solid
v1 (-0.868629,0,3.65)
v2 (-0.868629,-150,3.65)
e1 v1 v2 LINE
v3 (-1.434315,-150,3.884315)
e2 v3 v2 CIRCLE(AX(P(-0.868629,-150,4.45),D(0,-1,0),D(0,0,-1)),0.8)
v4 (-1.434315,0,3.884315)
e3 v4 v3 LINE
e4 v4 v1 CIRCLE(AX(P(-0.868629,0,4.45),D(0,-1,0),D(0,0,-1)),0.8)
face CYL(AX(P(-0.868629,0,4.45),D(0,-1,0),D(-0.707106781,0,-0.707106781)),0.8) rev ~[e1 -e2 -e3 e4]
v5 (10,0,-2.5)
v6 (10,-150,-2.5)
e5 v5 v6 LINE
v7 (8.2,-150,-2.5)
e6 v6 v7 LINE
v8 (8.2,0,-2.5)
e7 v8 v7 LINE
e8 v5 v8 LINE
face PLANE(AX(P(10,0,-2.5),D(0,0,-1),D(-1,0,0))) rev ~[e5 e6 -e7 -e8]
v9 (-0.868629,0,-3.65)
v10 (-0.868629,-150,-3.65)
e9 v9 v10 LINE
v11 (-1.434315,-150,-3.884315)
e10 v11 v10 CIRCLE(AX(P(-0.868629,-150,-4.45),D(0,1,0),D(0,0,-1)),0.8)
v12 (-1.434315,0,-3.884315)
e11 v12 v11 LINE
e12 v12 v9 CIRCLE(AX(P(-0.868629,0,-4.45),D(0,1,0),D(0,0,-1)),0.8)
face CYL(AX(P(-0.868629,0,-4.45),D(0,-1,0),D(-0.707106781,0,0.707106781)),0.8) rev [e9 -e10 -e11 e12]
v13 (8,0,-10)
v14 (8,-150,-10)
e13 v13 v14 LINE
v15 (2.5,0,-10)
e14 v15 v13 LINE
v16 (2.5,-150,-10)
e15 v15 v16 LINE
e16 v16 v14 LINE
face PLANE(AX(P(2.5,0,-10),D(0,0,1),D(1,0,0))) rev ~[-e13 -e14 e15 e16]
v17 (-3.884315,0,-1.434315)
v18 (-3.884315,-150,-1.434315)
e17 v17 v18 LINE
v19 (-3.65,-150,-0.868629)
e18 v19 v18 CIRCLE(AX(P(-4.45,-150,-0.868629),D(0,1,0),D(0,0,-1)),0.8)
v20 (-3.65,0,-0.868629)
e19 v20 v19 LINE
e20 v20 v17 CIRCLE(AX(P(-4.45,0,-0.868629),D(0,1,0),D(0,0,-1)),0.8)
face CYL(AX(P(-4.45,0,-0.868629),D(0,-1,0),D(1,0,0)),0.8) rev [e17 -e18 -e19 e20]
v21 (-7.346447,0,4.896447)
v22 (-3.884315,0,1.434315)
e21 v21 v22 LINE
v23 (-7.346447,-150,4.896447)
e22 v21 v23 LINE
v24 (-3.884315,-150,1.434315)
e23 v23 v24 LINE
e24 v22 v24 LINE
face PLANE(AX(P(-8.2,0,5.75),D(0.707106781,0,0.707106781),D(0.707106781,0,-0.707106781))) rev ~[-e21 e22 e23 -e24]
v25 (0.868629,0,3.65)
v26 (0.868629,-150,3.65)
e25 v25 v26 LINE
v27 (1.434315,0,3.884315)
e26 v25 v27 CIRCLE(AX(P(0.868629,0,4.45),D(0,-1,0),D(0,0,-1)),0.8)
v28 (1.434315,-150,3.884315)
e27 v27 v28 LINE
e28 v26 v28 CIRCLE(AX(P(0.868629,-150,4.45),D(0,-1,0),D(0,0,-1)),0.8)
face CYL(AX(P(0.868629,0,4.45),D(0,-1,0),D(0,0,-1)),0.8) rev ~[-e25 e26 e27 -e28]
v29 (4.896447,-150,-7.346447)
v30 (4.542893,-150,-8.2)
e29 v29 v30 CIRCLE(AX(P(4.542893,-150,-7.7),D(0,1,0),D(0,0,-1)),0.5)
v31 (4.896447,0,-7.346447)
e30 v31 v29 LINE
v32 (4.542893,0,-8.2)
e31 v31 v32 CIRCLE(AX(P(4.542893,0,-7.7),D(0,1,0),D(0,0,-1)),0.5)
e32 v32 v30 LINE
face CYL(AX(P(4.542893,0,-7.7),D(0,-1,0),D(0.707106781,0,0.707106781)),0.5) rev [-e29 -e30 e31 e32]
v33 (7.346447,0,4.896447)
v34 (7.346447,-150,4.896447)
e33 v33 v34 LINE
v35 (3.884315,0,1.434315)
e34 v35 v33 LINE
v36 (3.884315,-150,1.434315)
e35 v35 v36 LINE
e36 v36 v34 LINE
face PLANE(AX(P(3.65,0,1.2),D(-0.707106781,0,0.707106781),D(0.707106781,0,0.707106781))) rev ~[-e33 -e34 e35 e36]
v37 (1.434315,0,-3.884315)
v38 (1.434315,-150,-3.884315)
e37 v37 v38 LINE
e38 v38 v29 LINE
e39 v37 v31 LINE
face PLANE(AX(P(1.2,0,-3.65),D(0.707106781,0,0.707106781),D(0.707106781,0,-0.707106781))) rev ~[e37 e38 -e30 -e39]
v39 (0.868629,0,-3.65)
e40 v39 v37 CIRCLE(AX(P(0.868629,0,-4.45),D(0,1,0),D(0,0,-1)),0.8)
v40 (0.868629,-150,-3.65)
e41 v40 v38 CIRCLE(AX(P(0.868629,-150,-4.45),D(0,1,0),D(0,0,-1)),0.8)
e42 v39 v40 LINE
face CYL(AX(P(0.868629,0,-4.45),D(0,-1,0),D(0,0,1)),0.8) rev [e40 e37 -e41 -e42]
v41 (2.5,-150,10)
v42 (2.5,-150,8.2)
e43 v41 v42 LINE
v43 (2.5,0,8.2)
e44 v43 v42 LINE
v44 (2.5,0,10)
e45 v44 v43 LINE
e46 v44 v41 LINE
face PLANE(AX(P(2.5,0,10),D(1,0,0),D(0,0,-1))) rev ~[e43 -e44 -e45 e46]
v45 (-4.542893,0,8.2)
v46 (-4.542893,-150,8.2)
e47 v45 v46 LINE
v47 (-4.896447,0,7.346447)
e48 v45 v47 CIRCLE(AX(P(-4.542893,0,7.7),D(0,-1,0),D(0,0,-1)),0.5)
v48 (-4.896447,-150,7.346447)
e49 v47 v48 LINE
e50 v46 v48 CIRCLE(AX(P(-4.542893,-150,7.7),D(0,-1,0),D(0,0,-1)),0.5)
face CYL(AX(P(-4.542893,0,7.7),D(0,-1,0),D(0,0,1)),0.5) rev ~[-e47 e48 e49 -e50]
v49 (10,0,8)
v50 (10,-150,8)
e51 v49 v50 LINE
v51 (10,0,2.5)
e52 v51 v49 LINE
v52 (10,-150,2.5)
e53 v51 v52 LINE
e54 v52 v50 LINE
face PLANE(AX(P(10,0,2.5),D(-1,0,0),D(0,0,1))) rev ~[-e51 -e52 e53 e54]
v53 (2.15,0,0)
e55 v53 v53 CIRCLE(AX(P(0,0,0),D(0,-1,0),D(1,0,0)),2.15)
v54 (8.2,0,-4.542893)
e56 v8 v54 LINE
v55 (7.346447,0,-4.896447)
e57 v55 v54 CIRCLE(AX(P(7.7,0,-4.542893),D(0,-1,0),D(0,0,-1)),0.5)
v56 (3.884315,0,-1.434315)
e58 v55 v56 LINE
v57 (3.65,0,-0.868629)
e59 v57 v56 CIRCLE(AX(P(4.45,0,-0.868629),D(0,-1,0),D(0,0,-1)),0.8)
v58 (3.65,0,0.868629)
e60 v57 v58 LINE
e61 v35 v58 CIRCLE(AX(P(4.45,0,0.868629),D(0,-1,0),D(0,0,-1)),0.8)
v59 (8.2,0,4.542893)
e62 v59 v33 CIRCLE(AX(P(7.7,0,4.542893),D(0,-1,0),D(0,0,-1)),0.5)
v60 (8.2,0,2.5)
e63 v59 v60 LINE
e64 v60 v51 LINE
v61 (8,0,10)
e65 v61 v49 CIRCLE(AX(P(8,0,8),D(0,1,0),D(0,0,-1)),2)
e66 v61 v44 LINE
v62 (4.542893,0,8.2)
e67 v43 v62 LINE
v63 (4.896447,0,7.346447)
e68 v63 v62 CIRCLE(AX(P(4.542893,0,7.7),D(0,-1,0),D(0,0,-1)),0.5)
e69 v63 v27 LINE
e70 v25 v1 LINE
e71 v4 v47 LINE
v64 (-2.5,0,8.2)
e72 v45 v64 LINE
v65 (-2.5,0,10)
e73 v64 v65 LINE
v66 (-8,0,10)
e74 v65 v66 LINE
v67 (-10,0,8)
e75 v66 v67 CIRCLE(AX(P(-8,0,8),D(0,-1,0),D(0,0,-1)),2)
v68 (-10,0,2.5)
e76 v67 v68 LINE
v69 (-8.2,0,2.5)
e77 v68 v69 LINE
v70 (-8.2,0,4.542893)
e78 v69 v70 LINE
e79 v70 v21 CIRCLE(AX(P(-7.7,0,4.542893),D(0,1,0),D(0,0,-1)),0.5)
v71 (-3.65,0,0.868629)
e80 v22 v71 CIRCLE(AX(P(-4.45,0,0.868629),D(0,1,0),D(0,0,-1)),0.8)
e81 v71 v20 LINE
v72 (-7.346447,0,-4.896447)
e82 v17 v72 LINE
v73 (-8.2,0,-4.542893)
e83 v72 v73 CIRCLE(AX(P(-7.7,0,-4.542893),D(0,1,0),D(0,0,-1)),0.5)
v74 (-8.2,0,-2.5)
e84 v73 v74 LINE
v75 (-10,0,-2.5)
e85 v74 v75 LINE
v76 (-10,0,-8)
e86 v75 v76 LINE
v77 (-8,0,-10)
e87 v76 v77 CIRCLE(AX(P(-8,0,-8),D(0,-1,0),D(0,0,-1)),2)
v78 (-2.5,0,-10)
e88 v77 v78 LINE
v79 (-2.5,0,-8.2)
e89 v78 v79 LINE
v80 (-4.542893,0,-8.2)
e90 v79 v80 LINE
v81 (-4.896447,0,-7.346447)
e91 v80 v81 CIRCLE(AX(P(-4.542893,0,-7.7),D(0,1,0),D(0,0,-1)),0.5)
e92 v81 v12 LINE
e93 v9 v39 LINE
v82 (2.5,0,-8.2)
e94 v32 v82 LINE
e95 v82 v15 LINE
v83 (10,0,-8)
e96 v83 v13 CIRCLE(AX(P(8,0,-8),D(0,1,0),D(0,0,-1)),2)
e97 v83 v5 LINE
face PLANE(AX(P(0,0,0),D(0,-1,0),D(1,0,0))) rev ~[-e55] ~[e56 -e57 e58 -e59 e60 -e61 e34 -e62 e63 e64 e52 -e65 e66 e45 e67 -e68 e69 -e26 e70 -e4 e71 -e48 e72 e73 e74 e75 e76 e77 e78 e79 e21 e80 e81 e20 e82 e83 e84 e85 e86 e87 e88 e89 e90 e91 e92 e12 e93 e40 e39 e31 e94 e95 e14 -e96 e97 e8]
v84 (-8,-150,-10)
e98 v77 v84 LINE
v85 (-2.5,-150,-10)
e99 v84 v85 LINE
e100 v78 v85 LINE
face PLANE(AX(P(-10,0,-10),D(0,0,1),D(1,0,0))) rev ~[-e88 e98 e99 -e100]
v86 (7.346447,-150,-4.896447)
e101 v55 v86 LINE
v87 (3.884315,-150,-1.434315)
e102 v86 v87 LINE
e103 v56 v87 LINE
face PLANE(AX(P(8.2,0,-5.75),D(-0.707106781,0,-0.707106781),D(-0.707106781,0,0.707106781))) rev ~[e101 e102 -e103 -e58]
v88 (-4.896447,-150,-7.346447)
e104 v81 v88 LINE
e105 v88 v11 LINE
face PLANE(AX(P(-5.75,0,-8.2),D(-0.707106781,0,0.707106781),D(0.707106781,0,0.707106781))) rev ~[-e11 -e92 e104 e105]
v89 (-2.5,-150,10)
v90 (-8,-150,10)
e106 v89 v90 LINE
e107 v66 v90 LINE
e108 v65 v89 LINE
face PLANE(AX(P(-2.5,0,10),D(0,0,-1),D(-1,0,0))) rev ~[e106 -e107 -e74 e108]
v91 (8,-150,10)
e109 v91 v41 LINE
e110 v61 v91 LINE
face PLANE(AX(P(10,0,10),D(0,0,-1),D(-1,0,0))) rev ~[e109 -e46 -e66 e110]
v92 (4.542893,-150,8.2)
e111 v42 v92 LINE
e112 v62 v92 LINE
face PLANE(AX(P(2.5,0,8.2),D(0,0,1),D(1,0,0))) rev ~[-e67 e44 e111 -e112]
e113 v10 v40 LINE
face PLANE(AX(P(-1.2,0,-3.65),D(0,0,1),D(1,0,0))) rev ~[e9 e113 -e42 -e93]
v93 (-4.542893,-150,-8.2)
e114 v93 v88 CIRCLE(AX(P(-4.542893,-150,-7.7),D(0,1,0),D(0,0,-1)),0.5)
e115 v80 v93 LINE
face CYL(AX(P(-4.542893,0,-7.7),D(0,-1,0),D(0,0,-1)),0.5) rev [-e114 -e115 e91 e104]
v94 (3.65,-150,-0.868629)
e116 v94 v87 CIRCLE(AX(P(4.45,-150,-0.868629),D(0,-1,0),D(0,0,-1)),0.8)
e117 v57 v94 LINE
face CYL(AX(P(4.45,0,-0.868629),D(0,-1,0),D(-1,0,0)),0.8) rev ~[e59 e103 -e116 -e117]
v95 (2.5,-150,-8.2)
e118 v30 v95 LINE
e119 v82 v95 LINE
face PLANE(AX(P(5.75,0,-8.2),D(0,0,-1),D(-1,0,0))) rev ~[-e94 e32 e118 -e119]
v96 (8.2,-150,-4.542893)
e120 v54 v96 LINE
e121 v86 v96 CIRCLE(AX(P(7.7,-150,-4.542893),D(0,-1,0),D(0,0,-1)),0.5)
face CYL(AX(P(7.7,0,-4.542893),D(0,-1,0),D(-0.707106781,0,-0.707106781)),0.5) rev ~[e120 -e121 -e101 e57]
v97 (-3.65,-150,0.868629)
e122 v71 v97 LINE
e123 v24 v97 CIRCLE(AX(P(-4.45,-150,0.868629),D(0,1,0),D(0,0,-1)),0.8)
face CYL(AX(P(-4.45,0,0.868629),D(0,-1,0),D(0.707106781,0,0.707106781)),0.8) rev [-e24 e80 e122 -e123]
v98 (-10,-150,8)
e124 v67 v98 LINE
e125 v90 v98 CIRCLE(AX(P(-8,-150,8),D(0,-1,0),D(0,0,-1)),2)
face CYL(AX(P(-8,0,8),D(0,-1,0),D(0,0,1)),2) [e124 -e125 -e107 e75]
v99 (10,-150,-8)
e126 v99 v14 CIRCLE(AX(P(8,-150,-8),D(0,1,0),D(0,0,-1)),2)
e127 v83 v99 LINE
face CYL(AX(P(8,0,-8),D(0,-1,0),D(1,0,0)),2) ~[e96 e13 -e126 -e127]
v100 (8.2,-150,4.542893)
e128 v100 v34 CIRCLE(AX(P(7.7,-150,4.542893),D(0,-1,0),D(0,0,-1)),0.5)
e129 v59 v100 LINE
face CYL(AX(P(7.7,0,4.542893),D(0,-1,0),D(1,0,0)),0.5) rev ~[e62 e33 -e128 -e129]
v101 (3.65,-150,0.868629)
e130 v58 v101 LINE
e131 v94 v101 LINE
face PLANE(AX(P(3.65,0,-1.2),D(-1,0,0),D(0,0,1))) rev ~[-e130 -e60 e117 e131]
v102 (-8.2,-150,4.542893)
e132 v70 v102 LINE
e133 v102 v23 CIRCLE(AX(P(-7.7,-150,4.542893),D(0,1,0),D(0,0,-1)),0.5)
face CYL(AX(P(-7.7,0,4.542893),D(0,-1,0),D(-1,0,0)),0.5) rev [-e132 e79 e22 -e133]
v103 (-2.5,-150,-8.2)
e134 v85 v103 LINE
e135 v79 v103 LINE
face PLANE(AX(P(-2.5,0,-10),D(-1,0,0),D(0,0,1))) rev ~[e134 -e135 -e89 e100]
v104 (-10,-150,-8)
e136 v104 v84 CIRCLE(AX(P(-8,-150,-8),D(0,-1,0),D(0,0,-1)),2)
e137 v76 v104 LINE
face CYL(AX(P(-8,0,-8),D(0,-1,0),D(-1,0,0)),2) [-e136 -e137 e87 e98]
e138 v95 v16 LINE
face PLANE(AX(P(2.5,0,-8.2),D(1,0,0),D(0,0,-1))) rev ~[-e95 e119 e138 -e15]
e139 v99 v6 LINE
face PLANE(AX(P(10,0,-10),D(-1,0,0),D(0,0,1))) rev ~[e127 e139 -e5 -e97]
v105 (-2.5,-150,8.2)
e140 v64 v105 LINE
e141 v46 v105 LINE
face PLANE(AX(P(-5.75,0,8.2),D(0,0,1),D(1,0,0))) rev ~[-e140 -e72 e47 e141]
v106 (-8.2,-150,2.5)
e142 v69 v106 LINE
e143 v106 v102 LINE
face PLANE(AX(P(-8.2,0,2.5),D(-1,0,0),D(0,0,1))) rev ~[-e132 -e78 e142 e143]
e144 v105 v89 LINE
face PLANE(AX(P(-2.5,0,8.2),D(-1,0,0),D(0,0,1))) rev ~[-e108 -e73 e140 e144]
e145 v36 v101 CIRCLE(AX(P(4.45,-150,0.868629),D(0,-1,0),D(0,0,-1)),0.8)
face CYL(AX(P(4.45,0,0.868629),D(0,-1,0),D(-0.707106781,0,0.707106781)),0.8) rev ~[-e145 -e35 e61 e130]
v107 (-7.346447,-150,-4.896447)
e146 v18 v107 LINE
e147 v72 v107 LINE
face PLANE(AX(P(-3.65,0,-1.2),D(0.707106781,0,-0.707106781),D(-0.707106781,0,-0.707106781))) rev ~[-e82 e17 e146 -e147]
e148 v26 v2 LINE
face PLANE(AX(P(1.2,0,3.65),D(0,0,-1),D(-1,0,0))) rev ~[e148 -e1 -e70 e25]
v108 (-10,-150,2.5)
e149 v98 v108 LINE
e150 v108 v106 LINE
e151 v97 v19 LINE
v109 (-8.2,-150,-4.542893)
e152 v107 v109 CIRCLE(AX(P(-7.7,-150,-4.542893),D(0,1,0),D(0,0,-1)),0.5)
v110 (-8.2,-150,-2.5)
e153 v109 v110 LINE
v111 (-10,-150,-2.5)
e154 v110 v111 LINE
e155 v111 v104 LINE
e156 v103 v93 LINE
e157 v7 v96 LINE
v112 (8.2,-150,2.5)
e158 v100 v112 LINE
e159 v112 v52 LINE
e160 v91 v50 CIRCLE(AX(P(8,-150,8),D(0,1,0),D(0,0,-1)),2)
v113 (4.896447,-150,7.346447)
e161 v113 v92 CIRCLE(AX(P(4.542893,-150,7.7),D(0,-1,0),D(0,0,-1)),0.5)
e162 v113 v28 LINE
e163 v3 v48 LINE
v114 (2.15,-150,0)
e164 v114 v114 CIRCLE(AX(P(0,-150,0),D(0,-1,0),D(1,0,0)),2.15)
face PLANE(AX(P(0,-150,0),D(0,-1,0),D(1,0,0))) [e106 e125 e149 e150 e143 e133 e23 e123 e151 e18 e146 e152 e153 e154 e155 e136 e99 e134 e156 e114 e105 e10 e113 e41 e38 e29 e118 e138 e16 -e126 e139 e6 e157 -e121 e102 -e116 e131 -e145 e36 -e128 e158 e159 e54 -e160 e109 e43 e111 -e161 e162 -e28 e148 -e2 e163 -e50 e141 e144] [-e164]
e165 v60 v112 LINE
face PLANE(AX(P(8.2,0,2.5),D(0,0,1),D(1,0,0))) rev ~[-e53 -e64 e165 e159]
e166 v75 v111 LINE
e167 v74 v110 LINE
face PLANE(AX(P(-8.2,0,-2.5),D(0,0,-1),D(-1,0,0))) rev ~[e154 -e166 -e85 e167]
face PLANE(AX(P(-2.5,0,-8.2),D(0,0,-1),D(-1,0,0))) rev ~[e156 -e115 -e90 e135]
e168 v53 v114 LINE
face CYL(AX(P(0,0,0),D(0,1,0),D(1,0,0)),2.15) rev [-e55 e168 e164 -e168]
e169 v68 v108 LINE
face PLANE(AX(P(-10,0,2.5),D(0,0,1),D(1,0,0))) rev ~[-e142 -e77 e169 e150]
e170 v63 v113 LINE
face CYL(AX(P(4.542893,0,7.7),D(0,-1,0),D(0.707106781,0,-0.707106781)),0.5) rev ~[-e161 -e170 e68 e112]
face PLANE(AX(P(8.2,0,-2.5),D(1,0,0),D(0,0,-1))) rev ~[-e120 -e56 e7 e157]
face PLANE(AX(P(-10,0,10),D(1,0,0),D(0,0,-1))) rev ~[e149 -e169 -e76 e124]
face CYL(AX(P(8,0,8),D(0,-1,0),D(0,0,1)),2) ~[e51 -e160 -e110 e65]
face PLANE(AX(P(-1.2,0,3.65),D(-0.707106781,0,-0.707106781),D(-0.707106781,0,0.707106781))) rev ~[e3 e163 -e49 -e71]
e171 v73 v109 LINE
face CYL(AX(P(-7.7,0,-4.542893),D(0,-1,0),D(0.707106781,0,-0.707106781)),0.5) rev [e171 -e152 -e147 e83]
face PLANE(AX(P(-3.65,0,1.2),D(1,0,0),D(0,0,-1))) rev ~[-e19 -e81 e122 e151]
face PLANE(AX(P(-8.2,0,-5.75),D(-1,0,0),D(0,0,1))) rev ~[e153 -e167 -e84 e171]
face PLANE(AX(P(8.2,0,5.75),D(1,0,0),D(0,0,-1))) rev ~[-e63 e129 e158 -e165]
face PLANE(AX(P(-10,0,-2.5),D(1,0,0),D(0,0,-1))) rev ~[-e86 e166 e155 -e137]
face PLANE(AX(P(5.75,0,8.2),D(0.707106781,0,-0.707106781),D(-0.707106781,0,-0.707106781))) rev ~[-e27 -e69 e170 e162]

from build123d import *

# Parameters (mm, degrees)
F0_R     = 2.15
F1_DEPTH = 150
F2_R     = 2
F3_R     = 0.5
F4_R     = 0.8


with BuildPart() as f1:
    # F0 (on Front) → F1 (new body)
    with BuildSketch(Plane.XZ):
        Polygon((-2.5, 10), (-10, 10), (-10, 2.5), (-8.2, 2.5), (-8.2, 5.75), (-3.65, 1.2), (-3.65, 0), (-3.65, -1.2), (-8.2, -5.75), (-8.2, -2.5), (-10, -2.5), (-10, -10), (-2.5, -10), (-2.5, -8.2), (-5.75, -8.2), (-1.2, -3.65), (0, -3.65), (1.2, -3.65), (5.75, -8.2), (2.5, -8.2), (2.5, -10), (10, -10), (10, -2.5), (8.2, -2.5), (8.2, -5.75), (3.65, -1.2), (3.65, 0), (3.65, 1.2), (8.2, 5.75), (8.2, 2.5), (10, 2.5), (10, 10), (2.5, 10), (2.5, 8.2), (5.75, 8.2), (1.2, 3.65), (0, 3.65), (-1.2, 3.65), (-5.75, 8.2), (-2.5, 8.2), align=None)
        Circle(F0_R, mode=Mode.SUBTRACT)
    extrude(amount=F1_DEPTH)

    # F2
    f2_edges = [f1.edges().sort_by_distance(p)[0] for p in [
        (-10, -75, 10),
        (10, -75, 10),
        (10, -75, -10),
        (-10, -75, -10),
    ]]
    fillet(f2_edges, radius=F2_R)

    # F3
    f3_edges = [f1.edges().sort_by_distance(p)[0] for p in [
        (-8.2, -75, -5.75),
        (8.2, -75, -5.75),
        (5.75, -75, 8.2),
        (5.75, -75, -8.2),
        (-5.75, -75, 8.2),
        (-5.75, -75, -8.2),
        (8.2, -75, 5.75),
        (-8.2, -75, 5.75),
    ]]
    fillet(f3_edges, radius=F3_R)

    # F4
    f4_edges = [f1.edges().sort_by_distance(p)[0] for p in [
        (-1.2, -75, 3.65),
        (3.65, -75, -1.2),
        (1.2, -75, 3.65),
        (-3.65, -75, 1.2),
        (-3.65, -75, -1.2),
        (1.2, -75, -3.65),
        (-1.2, -75, -3.65),
        (3.65, -75, 1.2),
    ]]
    fillet(f4_edges, radius=F4_R)


solid = f1.part
